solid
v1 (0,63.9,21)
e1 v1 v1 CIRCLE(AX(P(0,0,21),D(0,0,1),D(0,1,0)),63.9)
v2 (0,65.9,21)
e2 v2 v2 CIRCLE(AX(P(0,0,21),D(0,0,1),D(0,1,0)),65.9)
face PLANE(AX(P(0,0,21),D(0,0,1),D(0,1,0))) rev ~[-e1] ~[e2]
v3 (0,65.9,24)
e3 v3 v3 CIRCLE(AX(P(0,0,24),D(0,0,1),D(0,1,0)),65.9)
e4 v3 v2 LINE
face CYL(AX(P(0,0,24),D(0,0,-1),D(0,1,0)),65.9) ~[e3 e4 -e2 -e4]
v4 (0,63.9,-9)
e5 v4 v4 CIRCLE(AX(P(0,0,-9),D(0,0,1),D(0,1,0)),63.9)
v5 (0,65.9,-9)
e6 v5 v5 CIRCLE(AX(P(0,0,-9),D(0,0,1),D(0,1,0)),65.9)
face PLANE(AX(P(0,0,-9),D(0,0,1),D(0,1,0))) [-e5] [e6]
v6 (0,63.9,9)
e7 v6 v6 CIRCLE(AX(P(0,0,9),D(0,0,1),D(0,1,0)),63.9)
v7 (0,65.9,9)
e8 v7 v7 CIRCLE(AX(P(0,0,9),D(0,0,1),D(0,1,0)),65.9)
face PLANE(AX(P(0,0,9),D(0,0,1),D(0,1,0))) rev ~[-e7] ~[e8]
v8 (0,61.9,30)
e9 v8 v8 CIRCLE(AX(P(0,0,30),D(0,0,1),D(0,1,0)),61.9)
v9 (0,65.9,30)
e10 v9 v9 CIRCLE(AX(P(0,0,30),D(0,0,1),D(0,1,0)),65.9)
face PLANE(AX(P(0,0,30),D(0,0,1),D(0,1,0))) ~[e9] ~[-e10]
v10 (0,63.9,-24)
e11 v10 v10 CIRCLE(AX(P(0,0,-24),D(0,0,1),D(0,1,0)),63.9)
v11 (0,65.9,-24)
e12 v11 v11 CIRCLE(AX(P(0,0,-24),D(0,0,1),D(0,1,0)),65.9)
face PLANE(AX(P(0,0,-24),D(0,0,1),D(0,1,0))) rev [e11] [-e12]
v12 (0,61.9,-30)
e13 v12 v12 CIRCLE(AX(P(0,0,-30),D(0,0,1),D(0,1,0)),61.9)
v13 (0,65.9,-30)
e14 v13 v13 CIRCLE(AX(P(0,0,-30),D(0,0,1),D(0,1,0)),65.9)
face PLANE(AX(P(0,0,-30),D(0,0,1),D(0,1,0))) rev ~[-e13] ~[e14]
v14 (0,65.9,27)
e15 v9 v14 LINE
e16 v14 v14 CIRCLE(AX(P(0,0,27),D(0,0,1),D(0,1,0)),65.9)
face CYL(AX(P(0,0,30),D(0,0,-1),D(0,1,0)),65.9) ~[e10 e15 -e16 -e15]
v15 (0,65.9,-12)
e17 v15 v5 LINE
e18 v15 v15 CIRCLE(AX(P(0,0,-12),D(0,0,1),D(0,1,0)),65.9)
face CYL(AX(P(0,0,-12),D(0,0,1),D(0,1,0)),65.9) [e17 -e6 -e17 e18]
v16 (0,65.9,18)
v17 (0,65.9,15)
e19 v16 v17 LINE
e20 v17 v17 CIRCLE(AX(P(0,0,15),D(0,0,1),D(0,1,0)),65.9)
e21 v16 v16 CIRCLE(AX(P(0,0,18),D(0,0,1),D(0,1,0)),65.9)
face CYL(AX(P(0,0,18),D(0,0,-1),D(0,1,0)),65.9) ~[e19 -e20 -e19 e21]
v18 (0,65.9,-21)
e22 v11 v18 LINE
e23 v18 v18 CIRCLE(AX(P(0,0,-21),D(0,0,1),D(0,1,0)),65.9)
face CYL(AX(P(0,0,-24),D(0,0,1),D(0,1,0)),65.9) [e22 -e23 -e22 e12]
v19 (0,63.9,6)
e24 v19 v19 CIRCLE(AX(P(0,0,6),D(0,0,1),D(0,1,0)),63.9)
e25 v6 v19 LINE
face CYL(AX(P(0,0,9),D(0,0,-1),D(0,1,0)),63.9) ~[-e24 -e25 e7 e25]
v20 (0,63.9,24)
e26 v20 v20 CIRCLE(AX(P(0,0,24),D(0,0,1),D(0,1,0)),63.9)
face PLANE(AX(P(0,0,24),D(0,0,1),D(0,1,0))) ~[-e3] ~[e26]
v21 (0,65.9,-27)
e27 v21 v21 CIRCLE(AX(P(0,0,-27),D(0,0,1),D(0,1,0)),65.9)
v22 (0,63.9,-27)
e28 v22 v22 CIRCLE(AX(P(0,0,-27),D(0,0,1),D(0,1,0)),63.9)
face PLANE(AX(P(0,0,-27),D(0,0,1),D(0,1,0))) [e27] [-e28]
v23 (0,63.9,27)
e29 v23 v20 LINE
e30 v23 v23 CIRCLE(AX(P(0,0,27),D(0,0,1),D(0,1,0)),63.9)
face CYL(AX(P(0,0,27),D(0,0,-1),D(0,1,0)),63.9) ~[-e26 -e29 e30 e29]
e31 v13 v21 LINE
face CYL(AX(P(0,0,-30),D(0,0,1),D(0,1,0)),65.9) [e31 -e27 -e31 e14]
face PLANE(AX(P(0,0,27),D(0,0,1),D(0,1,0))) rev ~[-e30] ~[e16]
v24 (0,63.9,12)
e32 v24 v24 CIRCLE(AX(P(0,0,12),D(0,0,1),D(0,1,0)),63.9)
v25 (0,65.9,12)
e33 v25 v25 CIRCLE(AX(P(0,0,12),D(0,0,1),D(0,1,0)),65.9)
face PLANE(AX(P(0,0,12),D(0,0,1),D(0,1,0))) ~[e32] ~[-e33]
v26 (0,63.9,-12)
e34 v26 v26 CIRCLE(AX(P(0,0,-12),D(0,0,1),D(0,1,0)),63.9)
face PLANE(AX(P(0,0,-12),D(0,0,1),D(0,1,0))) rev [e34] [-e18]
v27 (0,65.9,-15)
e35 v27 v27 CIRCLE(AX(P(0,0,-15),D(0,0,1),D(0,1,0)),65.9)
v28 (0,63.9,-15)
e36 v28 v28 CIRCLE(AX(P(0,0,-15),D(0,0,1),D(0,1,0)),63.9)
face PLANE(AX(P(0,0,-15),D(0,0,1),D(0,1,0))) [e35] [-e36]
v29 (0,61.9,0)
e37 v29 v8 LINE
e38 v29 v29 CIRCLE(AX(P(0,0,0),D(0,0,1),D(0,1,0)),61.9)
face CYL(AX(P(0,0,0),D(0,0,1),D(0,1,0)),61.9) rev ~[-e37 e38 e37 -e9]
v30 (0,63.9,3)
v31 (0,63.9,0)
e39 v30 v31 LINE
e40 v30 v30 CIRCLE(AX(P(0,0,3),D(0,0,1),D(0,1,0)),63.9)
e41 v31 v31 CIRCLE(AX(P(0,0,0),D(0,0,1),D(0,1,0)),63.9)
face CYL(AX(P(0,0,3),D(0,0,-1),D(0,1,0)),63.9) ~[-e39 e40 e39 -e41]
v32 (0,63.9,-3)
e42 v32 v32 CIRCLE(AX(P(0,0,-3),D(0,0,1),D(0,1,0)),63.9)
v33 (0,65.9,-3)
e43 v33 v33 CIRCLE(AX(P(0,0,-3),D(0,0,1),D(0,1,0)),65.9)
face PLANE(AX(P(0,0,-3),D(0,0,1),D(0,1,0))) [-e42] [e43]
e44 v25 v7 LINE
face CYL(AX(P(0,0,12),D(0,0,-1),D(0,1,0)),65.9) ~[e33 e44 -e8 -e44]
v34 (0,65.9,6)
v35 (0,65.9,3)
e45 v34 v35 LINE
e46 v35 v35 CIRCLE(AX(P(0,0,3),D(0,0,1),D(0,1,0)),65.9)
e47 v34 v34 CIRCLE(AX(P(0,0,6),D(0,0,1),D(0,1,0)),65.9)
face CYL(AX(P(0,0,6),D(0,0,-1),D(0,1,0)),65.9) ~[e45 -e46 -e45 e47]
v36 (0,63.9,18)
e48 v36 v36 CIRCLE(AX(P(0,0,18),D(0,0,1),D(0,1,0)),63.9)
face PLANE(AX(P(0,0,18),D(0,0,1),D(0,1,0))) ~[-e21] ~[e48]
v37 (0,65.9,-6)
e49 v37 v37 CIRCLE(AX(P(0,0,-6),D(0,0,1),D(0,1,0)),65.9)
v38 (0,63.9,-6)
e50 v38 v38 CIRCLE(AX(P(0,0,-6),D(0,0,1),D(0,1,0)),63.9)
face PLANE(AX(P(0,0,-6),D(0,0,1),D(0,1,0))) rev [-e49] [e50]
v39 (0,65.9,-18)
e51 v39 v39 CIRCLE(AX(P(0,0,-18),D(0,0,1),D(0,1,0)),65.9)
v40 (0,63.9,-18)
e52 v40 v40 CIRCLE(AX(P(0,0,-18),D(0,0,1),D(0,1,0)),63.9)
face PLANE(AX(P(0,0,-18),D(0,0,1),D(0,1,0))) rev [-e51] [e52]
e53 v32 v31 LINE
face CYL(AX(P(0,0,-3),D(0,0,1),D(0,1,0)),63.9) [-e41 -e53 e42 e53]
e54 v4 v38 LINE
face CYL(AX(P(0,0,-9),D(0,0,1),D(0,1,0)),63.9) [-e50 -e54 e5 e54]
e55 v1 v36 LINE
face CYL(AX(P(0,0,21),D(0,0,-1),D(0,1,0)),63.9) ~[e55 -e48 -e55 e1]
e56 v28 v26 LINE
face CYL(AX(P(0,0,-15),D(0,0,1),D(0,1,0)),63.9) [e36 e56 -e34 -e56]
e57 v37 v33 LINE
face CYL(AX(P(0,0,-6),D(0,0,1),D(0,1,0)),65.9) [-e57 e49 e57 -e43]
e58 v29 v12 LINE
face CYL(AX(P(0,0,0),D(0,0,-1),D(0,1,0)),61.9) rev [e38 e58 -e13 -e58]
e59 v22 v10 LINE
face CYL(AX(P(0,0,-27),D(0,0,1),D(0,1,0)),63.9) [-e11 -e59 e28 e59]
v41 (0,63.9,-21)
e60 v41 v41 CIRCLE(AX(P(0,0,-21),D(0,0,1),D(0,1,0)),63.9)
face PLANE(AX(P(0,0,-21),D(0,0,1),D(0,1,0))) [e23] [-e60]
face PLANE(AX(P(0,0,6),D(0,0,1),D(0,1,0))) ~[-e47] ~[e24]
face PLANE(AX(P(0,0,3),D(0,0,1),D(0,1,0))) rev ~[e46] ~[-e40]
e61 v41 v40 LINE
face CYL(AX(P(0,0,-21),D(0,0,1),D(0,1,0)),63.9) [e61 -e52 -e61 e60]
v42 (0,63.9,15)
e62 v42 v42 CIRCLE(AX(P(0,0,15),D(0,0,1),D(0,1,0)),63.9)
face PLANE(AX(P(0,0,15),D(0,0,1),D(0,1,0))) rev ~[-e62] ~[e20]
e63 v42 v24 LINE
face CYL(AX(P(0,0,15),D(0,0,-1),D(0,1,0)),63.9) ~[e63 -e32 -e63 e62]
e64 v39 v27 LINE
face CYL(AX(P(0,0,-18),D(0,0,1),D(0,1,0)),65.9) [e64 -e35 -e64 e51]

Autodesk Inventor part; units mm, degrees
ref_plane "YZ Plane" through (0, 0, 0) normal (1, 0, 0) x (0, 1, 0)
ref_plane "XZ Plane" through (0, 0, 0) normal (0, 1, 0) x (-1, 0, 0)
ref_plane "XY Plane" through (0, 0, 0) normal (0, 0, 1) x (1, 0, 0)
sketch "Sketch1" plane through (0, 0, 0) normal (1, 0, 0) x (0, 1, 0)
  line L0 (0, 0) -> (61.5, 0) construction
  line L1 (61.5, 0) -> (61.9, 0) construction
  line L2 (61.9, 0) -> (61.9, -30)
  line L3 (61.9, 0) -> (61.9, 30)
  line L4 (61.9, 30) -> (65.9, 30)
  line L5 (65.9, -30) -> (61.9, -30)
  line L6 (61.9, -30) -> (61.9, 30)
  line L7 (65.9, 27) -> (63.9, 27)
  line L8 (63.9, 27) -> (63.9, 24)
  line L9 (63.9, 24) -> (65.9, 24)
  line L10 (65.9, 21) -> (63.9, 21)
  line L11 (63.9, 21) -> (63.9, 18)
  line L12 (63.9, 18) -> (65.9, 18)
  line L13 (65.9, 15) -> (63.9, 15)
  line L14 (63.9, 15) -> (63.9, 12)
  line L15 (63.9, 12) -> (65.9, 12)
  line L16 (65.9, 9) -> (63.9, 9)
  line L17 (63.9, 9) -> (63.9, 6)
  line L18 (63.9, 6) -> (65.9, 6)
  line L19 (65.9, 30) -> (65.9, 27)
  line L20 (65.9, 24) -> (65.9, 21)
  line L21 (65.9, 18) -> (65.9, 15)
  line L22 (65.9, 12) -> (65.9, 9)
  line L23 (65.9, 3) -> (63.9, 3)
  line L24 (63.9, 3) -> (63.9, 0)
  line L25 (63.9, 0) -> (65.9, 0)
  line L26 (65.9, 0) -> (61.9, 0) construction
  line L27 (65.9, 0) -> (61.9, 0) construction
  line L28 (65.9, 6) -> (65.9, 3)
  line L29 (65.9, -27) -> (63.9, -27)
  line L30 (63.9, -27) -> (63.9, -24)
  line L31 (63.9, -24) -> (65.9, -24)
  line L32 (65.9, -21) -> (63.9, -21)
  line L33 (63.9, -21) -> (63.9, -18)
  line L34 (63.9, -18) -> (65.9, -18)
  line L35 (65.9, -15) -> (63.9, -15)
  line L36 (63.9, -15) -> (63.9, -12)
  line L37 (63.9, -12) -> (65.9, -12)
  line L38 (65.9, -9) -> (63.9, -9)
  line L39 (63.9, -9) -> (63.9, -6)
  line L40 (63.9, -6) -> (65.9, -6)
  line L41 (65.9, -30) -> (65.9, -27)
  line L42 (65.9, -24) -> (65.9, -21)
  line L43 (65.9, -18) -> (65.9, -15)
  line L44 (65.9, -12) -> (65.9, -9)
  line L45 (65.9, -3) -> (63.9, -3)
  line L46 (63.9, -3) -> (63.9, 0)
  line L47 (65.9, -6) -> (65.9, -3)
  line L48 (65.9, -3) -> (65.9, -12)
  line L49 (65.9, -15) -> (65.9, -30)
  line L50 (0, -42) -> (0, 42) projected
  dimension "d0" = 61.5
  dimension "d1" = 0.4
  dimension "d2" = 30
  dimension "d3" = 4
  dimension "d4" = 3
  dimension "d5" = 3
  dimension "d6" = 3
  dimension "d7" = 3
  dimension "d8" = 3
  dimension "d9" = 3
  dimension "d10" = 3
  dimension "d11" = 3
revolve "Revolution1" add sketch "Sketch1" angle 360 about axis through (0, 0, -10) along (0, 0, 1) contours L3 L4 L19 L7 L8 L9 L20 L10 L11 L12 L21 L13 L14 L15 L22 L16 L17 L18 L28 L23 L24 L46 L45 L47 L40 L39 L38 L44 L37 L36 L35 L43 L34 L33 L32 L42 L31 L30 L29 L41 L5 L2
properties part number "Wheel_covering_ENES100OSV-spencermical-3-30-pm 3-5-16-saturday"
